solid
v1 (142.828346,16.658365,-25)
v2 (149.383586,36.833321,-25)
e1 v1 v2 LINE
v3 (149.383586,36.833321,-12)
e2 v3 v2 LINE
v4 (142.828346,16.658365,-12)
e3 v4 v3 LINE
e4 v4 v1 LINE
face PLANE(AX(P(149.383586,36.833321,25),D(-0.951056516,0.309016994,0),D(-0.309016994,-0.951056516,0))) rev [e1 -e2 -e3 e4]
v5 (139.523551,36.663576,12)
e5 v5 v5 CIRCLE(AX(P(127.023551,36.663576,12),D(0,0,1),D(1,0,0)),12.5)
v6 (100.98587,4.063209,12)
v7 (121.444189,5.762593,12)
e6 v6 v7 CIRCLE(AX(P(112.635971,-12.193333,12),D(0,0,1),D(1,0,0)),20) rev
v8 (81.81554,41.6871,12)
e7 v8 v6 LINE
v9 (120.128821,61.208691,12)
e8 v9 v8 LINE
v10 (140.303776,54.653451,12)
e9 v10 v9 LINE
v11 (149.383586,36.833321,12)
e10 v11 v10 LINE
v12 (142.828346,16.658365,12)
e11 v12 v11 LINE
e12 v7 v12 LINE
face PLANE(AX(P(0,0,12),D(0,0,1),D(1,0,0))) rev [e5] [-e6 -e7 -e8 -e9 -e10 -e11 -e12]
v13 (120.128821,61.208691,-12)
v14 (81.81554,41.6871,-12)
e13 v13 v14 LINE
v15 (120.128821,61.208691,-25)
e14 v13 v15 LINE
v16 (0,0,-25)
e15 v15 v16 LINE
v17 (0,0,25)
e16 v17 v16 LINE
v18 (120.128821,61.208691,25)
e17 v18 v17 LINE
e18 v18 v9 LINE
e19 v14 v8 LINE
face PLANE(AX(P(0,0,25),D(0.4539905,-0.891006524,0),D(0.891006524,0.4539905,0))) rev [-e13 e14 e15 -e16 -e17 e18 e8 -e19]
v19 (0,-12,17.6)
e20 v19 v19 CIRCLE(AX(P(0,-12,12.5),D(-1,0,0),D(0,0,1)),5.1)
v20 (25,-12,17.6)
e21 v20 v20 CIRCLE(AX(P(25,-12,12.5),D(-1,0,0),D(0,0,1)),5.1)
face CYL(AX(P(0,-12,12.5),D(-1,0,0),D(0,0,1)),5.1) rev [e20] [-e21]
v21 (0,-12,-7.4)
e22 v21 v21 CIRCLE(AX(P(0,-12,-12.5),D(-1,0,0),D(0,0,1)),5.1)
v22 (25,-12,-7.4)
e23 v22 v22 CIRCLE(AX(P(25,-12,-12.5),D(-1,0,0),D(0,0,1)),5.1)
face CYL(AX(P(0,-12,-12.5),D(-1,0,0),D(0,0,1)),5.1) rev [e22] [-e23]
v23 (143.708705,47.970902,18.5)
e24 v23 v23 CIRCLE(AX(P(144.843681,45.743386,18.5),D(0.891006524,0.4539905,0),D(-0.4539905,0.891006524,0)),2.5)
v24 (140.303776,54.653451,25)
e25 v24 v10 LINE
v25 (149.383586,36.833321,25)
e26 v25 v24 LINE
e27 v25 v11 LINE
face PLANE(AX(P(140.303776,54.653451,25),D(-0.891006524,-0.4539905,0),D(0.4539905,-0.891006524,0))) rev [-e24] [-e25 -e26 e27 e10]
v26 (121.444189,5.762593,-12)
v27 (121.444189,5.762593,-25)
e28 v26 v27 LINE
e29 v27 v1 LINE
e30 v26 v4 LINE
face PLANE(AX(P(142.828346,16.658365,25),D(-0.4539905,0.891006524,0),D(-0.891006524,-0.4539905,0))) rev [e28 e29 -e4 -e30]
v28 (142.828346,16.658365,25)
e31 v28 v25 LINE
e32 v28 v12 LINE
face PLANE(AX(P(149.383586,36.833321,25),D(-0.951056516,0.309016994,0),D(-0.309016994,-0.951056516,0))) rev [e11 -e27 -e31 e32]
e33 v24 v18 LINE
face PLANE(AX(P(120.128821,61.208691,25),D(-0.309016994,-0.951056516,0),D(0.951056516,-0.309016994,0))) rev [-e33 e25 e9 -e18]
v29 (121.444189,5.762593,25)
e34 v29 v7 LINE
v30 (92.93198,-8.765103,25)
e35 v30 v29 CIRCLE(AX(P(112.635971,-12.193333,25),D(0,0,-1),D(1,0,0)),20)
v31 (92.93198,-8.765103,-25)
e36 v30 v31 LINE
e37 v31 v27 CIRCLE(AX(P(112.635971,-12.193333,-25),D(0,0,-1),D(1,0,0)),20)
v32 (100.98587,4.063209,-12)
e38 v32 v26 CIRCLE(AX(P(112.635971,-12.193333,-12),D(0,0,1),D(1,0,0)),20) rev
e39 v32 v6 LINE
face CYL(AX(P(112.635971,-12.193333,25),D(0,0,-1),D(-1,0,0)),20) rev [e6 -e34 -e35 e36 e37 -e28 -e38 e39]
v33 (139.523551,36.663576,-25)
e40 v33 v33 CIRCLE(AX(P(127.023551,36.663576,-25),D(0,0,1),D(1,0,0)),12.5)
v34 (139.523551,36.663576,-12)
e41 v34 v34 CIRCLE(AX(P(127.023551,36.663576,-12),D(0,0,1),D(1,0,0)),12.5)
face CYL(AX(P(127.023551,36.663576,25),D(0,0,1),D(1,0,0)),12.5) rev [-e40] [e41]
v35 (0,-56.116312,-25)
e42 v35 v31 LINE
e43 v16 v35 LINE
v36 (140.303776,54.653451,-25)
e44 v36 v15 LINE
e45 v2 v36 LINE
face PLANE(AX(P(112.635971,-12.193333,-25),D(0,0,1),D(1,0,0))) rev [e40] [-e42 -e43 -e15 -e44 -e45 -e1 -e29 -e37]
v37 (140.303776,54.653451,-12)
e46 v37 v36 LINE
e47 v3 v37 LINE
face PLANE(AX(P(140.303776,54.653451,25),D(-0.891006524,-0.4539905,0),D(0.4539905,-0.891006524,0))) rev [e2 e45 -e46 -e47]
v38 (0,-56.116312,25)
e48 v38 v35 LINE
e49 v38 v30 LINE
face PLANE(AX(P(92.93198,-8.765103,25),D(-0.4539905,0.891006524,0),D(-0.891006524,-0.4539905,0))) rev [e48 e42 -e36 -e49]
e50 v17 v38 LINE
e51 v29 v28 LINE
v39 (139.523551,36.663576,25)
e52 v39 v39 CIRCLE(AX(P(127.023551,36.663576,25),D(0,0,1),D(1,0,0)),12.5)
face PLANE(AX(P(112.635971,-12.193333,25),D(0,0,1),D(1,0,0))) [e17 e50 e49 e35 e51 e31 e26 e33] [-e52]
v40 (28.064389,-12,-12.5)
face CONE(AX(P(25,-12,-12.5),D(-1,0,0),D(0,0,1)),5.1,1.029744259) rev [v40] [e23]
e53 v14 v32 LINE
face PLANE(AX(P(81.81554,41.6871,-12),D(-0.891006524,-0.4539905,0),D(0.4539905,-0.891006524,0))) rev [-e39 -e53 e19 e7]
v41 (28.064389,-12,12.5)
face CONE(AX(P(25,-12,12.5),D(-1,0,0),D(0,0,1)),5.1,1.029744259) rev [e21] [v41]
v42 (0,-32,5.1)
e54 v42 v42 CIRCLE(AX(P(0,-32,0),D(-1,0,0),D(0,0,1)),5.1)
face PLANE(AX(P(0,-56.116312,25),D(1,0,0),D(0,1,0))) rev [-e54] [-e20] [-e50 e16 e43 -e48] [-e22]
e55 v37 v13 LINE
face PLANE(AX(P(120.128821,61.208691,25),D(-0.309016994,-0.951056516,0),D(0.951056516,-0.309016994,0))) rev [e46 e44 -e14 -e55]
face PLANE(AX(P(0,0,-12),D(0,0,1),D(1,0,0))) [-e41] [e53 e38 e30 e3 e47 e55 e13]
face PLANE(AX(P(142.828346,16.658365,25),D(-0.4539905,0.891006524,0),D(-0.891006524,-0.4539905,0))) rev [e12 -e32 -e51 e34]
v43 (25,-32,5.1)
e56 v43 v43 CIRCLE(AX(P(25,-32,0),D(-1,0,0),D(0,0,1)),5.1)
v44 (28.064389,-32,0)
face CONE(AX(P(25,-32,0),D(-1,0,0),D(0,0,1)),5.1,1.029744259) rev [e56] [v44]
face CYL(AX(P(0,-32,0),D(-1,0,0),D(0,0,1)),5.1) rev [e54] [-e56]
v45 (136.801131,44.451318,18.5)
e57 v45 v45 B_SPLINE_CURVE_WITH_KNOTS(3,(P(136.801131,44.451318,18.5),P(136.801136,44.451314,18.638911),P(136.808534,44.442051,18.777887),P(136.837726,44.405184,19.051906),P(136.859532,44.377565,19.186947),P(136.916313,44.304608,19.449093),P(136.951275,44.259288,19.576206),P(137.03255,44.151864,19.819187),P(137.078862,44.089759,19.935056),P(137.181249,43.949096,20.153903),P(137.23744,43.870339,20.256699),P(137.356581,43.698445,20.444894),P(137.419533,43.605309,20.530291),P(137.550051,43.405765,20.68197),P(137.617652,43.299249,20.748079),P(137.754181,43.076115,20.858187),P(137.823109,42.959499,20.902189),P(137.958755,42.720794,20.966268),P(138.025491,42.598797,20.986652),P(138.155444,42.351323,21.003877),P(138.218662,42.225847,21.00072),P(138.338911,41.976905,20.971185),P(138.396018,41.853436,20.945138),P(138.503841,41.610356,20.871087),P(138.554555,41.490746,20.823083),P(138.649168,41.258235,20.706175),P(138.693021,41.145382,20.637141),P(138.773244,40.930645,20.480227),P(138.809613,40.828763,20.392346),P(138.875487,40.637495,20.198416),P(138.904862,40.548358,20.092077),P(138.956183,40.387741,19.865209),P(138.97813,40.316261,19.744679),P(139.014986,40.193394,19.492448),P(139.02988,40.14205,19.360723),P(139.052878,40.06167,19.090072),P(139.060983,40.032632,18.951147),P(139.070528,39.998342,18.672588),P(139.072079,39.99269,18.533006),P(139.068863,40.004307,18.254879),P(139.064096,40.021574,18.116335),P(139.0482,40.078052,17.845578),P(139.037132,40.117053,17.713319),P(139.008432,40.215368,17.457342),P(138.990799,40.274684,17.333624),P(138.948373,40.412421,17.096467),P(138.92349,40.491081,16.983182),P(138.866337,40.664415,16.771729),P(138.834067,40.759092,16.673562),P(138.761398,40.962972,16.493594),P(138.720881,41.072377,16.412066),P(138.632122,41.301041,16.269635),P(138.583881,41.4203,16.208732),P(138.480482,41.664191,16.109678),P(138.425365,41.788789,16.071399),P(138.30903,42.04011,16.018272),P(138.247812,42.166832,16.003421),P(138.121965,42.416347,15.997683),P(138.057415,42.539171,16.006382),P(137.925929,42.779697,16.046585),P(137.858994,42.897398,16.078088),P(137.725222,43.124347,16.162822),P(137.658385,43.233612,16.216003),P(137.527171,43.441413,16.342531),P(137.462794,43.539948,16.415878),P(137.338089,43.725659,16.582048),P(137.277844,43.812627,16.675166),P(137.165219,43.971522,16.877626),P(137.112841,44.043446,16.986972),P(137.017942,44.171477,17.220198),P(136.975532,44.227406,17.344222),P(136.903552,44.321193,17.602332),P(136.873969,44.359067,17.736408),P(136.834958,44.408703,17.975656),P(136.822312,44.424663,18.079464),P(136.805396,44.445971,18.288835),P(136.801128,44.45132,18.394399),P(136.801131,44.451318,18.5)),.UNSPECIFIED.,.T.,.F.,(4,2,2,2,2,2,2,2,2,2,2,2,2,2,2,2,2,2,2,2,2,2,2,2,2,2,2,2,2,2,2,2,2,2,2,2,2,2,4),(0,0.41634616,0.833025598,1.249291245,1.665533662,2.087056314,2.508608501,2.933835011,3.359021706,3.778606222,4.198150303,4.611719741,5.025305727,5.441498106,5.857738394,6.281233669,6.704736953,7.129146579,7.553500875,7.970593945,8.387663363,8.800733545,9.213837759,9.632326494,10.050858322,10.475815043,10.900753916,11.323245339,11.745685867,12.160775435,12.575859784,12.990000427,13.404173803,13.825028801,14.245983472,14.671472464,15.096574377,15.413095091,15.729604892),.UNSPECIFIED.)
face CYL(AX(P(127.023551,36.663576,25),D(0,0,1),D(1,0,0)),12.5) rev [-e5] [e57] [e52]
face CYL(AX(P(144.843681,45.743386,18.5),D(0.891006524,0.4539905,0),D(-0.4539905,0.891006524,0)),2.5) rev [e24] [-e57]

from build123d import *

# Parameters (mm, degrees)
AUFSATZ_LINEAR_AUSTRAGEN1_DEPTH  = 25
SCHNITT_LINEAR_AUSTRAGEN1_DEPTH  = 12
F_25_0_25_DURCHMESSER_BOHRUNG1_D = 25
M6_GEWINDEBOHRUNG1_D             = 5
M6_GEWINDEBOHRUNG1_DEPTH         = 17
M6_GEWINDEBOHRUNG1_TIP           = 1.502151548
M12_GEWINDEBOHRUNG1_D            = 10.2
M12_GEWINDEBOHRUNG1_DEPTH        = 25
M12_GEWINDEBOHRUNG1_TIP          = 3.064389157


with BuildPart() as part:
    # Skizze1 → Aufsatz-Linear austragen1 (new, symmetric)
    with BuildSketch(Plane.XY):
        with BuildLine():
            Line((0, 0), (120.12882084, 61.208691436))
            Line((120.12882084, 61.208691436), (140.303776199, 54.653451069))
            Line((140.303776199, 54.653451069), (149.383586194, 36.833320585))
            Line((149.383586194, 36.833320585), (142.828345827, 16.658365227))
            Line((142.828345827, 16.658365227), (121.444189247, 5.762593233))
            ThreePointArc((121.444189247, 5.762593233), (103.556160862, 5.62679743), (92.931980473, -8.765102759))
            Line((92.931980473, -8.765102759), (0, -56.116311882))
            Line((0, -56.116311882), (0, 0))
        make_face()
    extrude(amount=AUFSATZ_LINEAR_AUSTRAGEN1_DEPTH, both=True)

    # Skizze2 → Schnitt-Linear austragen1 (cut, symmetric)
    with BuildSketch(Plane.XY):
        Polygon((133.493918703, 68.018548932), (81.8155403, 41.687099947), (104.515065287, -2.863226262), (156.19344369, 23.468222723), align=None)
    extrude(amount=SCHNITT_LINEAR_AUSTRAGEN1_DEPTH, both=True, mode=Mode.SUBTRACT)

    # Ø25.0 (25) Durchmesser Bohrung1 (through all)
    with Locations(Plane.XY.offset(25)):
        with Locations((127.023550713, 36.663575833)):
            Hole(F_25_0_25_DURCHMESSER_BOHRUNG1_D / 2)

    # M6 Gewindebohrung1
    with Locations(Plane(origin=(133.493918703, 68.018548932, 0), x_dir=(0, 0, -1), z_dir=(0.8910065241883688, 0.4539904997395451, 0))):
        with Locations((-18.5, -25)):
            Hole(M6_GEWINDEBOHRUNG1_D / 2, depth=M6_GEWINDEBOHRUNG1_DEPTH)
            with Locations((0, 0, -(M6_GEWINDEBOHRUNG1_DEPTH + M6_GEWINDEBOHRUNG1_TIP / 2))):  # 118° drill point
                Cone(0, M6_GEWINDEBOHRUNG1_D / 2, M6_GEWINDEBOHRUNG1_TIP, mode=Mode.SUBTRACT)

    # M12 Gewindebohrung1
    with Locations(Plane.ZY):
        with Locations((-12.5, -12), (12.5, -12), (0, -32)):
            Hole(M12_GEWINDEBOHRUNG1_D / 2, depth=M12_GEWINDEBOHRUNG1_DEPTH)
            with Locations((0, 0, -(M12_GEWINDEBOHRUNG1_DEPTH + M12_GEWINDEBOHRUNG1_TIP / 2))):  # 118° drill point
                Cone(0, M12_GEWINDEBOHRUNG1_D / 2, M12_GEWINDEBOHRUNG1_TIP, mode=Mode.SUBTRACT)


solid = part.part
